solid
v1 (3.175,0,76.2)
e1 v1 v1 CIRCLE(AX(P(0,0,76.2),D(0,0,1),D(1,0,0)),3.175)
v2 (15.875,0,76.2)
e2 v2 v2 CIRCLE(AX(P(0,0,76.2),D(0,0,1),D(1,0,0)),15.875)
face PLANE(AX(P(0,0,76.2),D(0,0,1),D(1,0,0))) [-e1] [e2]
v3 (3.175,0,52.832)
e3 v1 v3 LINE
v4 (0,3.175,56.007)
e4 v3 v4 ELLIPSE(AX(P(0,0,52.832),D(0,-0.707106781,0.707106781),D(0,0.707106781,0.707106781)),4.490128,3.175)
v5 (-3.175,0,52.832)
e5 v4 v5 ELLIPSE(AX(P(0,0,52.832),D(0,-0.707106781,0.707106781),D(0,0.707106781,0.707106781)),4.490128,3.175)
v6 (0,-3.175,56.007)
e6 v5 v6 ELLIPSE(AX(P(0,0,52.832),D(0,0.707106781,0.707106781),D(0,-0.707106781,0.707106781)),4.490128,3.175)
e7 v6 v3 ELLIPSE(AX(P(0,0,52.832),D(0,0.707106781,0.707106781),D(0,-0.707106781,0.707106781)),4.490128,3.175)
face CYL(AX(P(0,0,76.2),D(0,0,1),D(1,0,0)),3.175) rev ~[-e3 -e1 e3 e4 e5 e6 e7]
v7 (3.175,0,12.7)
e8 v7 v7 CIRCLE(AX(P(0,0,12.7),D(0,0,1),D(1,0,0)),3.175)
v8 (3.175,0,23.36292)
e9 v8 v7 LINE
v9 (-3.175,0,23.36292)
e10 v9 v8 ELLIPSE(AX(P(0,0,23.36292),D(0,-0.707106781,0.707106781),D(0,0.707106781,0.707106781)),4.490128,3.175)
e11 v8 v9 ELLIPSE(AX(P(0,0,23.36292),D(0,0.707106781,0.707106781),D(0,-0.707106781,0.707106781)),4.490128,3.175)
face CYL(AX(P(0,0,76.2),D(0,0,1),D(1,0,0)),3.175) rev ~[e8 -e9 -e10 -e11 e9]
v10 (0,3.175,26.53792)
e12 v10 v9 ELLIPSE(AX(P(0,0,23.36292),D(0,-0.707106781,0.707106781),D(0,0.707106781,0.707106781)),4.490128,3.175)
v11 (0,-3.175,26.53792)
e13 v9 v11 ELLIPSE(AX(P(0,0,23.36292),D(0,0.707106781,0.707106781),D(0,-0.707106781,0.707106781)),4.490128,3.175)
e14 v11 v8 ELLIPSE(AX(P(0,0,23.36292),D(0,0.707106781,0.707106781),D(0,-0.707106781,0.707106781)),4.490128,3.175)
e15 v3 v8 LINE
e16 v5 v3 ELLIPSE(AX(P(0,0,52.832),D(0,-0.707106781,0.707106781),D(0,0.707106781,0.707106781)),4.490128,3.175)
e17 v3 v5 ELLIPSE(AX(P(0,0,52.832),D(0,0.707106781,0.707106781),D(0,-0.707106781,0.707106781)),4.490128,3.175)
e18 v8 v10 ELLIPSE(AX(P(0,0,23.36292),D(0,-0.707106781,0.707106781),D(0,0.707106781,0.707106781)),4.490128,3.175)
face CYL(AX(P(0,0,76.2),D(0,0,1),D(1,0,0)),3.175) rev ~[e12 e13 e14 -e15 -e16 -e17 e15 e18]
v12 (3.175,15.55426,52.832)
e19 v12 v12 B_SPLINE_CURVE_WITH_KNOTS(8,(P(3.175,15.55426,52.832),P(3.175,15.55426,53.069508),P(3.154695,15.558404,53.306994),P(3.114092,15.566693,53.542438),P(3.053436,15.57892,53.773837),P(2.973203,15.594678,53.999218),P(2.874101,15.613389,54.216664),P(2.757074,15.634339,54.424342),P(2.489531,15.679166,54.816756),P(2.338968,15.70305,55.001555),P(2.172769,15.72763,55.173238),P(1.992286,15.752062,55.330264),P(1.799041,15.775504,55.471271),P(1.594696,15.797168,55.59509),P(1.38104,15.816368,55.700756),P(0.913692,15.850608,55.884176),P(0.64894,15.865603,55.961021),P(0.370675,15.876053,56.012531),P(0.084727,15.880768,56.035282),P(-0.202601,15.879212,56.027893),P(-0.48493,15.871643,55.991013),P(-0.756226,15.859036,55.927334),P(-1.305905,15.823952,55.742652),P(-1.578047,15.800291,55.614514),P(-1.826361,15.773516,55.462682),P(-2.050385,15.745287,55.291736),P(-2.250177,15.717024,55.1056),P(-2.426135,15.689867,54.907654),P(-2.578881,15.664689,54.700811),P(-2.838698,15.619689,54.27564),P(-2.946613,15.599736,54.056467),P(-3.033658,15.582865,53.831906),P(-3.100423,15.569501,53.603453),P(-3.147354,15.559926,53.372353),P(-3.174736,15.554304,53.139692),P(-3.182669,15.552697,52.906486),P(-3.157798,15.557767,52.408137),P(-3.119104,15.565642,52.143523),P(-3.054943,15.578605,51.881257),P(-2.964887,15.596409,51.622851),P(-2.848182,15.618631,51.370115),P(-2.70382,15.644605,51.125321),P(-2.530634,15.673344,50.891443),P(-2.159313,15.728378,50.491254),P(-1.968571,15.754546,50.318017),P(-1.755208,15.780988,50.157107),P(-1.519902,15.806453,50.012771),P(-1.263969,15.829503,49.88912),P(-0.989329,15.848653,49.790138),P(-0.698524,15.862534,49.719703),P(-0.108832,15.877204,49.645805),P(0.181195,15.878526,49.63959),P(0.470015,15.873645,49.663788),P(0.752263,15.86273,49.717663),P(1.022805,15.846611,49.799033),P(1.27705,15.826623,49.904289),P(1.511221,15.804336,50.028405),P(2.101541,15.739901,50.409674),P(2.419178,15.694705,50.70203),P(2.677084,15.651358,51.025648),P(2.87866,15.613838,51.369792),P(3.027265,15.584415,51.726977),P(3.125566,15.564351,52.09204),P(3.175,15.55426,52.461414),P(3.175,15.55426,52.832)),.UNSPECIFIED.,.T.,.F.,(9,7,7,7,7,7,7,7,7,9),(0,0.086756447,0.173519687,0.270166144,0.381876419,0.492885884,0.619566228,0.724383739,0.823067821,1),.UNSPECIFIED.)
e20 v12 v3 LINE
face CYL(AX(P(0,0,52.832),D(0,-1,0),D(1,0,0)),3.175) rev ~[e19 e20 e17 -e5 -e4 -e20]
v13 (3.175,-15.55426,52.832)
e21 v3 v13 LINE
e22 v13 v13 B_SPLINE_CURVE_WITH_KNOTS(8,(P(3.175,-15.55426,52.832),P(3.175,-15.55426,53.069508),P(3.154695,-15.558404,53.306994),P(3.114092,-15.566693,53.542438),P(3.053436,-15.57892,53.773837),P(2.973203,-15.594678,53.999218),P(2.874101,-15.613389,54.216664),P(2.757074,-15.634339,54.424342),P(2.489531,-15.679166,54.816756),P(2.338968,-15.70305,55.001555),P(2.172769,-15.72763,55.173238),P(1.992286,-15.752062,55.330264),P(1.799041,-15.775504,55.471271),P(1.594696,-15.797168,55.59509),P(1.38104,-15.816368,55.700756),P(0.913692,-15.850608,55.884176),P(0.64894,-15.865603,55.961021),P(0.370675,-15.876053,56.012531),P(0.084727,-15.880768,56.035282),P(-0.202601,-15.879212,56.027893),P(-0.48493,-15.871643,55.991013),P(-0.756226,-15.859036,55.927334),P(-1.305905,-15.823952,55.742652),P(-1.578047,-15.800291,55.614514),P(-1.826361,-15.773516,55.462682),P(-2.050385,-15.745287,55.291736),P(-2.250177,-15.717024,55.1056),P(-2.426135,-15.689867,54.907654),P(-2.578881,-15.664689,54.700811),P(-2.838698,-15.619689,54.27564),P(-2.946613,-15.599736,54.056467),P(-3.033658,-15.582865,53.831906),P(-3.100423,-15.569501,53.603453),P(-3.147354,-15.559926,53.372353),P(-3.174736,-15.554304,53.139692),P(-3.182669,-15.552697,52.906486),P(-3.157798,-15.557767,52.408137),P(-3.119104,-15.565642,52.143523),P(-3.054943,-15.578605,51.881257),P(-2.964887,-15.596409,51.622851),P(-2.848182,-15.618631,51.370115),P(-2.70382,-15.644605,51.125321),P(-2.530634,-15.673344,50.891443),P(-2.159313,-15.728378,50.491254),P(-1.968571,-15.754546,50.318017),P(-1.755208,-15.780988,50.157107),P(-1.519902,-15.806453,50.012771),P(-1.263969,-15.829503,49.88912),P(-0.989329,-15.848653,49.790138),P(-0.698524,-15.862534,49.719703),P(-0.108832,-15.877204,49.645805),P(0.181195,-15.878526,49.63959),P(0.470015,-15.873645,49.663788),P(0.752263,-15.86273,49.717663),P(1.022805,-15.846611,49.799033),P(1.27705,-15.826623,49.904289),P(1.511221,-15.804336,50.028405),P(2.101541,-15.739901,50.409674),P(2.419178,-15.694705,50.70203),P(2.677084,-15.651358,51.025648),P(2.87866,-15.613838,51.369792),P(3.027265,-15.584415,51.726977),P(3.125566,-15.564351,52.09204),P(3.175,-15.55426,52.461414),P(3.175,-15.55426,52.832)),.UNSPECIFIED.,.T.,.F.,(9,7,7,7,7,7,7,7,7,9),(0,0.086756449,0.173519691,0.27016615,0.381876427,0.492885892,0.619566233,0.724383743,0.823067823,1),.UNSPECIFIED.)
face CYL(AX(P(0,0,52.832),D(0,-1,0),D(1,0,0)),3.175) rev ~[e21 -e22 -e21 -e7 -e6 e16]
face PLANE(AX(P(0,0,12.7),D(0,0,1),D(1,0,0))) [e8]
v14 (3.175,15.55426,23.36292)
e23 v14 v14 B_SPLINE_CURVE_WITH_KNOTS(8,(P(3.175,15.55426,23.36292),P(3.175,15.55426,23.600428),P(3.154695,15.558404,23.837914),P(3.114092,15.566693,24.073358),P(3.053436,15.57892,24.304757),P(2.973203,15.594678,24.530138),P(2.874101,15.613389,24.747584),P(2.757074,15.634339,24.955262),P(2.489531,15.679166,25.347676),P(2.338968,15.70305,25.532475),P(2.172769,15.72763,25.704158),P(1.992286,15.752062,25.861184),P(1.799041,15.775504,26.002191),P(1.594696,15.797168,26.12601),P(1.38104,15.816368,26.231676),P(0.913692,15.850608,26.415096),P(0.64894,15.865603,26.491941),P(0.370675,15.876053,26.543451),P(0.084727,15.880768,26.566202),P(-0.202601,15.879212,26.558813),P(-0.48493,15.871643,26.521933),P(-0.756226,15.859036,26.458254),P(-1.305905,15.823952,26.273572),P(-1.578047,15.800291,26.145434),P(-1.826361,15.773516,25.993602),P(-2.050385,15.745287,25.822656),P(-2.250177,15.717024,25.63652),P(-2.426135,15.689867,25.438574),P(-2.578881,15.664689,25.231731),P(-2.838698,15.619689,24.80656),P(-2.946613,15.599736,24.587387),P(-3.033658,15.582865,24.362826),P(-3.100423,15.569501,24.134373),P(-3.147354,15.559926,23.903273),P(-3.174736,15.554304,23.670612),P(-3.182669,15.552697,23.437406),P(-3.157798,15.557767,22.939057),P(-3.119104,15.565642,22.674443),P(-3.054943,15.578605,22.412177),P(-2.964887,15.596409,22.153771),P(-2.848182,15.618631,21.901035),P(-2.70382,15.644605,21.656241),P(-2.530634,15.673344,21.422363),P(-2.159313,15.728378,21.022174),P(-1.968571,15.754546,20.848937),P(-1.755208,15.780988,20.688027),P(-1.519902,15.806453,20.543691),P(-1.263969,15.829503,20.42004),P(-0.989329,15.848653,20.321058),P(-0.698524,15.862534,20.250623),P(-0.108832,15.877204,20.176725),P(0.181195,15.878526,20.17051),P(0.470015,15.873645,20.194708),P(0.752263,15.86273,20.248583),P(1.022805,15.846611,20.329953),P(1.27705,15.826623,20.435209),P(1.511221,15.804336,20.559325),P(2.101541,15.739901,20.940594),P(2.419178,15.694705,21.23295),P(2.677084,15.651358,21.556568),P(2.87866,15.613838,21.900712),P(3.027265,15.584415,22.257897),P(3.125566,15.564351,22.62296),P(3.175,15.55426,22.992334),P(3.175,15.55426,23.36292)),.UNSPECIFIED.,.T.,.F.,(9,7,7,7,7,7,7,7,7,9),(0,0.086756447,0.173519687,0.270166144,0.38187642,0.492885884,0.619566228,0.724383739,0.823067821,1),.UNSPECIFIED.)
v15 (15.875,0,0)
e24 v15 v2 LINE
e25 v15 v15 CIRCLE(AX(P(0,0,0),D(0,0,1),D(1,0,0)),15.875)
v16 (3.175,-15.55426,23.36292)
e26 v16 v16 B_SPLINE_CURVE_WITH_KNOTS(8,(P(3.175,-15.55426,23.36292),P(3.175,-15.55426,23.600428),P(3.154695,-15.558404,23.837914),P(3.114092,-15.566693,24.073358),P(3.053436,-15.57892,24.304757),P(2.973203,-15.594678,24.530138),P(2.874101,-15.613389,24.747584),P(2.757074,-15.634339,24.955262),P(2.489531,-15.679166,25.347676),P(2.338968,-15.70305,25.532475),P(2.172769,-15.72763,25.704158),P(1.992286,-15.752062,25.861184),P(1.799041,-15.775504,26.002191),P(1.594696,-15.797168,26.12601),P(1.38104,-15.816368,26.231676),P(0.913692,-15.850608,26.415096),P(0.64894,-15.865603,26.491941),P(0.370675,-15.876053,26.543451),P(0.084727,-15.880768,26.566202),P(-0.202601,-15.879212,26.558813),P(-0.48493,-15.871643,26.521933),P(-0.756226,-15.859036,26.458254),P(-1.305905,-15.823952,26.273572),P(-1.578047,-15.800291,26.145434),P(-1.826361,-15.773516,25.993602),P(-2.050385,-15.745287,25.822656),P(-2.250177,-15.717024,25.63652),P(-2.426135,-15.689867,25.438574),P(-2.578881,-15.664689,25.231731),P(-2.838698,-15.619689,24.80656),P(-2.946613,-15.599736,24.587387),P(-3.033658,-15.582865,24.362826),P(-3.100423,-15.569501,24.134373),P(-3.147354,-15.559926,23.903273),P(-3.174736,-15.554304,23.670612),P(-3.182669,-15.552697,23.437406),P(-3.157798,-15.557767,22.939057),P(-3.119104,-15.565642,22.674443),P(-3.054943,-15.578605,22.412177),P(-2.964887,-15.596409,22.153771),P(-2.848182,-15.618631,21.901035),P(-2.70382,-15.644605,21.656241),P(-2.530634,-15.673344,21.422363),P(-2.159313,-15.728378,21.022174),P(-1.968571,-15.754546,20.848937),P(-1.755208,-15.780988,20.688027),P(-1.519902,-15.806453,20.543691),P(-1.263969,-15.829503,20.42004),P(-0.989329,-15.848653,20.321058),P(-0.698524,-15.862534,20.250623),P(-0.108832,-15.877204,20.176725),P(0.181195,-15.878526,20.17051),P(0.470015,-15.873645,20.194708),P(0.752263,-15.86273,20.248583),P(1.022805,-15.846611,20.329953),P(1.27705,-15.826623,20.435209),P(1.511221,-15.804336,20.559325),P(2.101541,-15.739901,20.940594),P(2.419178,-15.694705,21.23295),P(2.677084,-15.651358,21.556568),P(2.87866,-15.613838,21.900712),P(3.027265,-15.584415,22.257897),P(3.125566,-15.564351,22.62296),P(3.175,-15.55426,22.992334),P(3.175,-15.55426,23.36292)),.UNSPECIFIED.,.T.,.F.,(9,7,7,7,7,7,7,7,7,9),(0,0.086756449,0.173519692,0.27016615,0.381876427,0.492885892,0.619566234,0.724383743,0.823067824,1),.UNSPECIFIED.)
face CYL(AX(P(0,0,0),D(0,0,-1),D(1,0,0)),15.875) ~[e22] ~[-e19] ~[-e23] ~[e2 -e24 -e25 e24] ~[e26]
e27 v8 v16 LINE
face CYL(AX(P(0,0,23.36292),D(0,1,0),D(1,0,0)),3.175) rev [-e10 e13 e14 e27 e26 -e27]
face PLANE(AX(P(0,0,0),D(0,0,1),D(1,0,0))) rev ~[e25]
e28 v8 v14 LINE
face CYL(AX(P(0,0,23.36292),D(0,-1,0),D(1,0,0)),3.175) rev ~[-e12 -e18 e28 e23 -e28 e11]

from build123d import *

# Parameters (mm, degrees)
F0_R     = 15.875
F1_DEPTH = 76.2
F2_R     = 3.175
F3_DEPTH = 63.5
F4_R     = 3.175
F5_DEPTH = 25.4


with BuildPart() as f1:
    # F0 (on Top) → F1 (new body)
    with BuildSketch(Plane.XY):
        Circle(F0_R)
    extrude(amount=F1_DEPTH)

    # F2 (on face) → F3 (cut)
    with BuildSketch(Plane.XY.offset(76.2)):
        Circle(F2_R)
    extrude(amount=-F3_DEPTH, mode=Mode.SUBTRACT)

    # F4 (on Front) → F5 (cut, symmetric)
    with BuildSketch(Plane.XZ):
        with Locations((0, 23.36292)):
            Circle(F4_R)
        with Locations((0, 52.832)):
            Circle(F4_R)
    extrude(amount=F5_DEPTH, both=True, mode=Mode.SUBTRACT)


solid = f1.part
